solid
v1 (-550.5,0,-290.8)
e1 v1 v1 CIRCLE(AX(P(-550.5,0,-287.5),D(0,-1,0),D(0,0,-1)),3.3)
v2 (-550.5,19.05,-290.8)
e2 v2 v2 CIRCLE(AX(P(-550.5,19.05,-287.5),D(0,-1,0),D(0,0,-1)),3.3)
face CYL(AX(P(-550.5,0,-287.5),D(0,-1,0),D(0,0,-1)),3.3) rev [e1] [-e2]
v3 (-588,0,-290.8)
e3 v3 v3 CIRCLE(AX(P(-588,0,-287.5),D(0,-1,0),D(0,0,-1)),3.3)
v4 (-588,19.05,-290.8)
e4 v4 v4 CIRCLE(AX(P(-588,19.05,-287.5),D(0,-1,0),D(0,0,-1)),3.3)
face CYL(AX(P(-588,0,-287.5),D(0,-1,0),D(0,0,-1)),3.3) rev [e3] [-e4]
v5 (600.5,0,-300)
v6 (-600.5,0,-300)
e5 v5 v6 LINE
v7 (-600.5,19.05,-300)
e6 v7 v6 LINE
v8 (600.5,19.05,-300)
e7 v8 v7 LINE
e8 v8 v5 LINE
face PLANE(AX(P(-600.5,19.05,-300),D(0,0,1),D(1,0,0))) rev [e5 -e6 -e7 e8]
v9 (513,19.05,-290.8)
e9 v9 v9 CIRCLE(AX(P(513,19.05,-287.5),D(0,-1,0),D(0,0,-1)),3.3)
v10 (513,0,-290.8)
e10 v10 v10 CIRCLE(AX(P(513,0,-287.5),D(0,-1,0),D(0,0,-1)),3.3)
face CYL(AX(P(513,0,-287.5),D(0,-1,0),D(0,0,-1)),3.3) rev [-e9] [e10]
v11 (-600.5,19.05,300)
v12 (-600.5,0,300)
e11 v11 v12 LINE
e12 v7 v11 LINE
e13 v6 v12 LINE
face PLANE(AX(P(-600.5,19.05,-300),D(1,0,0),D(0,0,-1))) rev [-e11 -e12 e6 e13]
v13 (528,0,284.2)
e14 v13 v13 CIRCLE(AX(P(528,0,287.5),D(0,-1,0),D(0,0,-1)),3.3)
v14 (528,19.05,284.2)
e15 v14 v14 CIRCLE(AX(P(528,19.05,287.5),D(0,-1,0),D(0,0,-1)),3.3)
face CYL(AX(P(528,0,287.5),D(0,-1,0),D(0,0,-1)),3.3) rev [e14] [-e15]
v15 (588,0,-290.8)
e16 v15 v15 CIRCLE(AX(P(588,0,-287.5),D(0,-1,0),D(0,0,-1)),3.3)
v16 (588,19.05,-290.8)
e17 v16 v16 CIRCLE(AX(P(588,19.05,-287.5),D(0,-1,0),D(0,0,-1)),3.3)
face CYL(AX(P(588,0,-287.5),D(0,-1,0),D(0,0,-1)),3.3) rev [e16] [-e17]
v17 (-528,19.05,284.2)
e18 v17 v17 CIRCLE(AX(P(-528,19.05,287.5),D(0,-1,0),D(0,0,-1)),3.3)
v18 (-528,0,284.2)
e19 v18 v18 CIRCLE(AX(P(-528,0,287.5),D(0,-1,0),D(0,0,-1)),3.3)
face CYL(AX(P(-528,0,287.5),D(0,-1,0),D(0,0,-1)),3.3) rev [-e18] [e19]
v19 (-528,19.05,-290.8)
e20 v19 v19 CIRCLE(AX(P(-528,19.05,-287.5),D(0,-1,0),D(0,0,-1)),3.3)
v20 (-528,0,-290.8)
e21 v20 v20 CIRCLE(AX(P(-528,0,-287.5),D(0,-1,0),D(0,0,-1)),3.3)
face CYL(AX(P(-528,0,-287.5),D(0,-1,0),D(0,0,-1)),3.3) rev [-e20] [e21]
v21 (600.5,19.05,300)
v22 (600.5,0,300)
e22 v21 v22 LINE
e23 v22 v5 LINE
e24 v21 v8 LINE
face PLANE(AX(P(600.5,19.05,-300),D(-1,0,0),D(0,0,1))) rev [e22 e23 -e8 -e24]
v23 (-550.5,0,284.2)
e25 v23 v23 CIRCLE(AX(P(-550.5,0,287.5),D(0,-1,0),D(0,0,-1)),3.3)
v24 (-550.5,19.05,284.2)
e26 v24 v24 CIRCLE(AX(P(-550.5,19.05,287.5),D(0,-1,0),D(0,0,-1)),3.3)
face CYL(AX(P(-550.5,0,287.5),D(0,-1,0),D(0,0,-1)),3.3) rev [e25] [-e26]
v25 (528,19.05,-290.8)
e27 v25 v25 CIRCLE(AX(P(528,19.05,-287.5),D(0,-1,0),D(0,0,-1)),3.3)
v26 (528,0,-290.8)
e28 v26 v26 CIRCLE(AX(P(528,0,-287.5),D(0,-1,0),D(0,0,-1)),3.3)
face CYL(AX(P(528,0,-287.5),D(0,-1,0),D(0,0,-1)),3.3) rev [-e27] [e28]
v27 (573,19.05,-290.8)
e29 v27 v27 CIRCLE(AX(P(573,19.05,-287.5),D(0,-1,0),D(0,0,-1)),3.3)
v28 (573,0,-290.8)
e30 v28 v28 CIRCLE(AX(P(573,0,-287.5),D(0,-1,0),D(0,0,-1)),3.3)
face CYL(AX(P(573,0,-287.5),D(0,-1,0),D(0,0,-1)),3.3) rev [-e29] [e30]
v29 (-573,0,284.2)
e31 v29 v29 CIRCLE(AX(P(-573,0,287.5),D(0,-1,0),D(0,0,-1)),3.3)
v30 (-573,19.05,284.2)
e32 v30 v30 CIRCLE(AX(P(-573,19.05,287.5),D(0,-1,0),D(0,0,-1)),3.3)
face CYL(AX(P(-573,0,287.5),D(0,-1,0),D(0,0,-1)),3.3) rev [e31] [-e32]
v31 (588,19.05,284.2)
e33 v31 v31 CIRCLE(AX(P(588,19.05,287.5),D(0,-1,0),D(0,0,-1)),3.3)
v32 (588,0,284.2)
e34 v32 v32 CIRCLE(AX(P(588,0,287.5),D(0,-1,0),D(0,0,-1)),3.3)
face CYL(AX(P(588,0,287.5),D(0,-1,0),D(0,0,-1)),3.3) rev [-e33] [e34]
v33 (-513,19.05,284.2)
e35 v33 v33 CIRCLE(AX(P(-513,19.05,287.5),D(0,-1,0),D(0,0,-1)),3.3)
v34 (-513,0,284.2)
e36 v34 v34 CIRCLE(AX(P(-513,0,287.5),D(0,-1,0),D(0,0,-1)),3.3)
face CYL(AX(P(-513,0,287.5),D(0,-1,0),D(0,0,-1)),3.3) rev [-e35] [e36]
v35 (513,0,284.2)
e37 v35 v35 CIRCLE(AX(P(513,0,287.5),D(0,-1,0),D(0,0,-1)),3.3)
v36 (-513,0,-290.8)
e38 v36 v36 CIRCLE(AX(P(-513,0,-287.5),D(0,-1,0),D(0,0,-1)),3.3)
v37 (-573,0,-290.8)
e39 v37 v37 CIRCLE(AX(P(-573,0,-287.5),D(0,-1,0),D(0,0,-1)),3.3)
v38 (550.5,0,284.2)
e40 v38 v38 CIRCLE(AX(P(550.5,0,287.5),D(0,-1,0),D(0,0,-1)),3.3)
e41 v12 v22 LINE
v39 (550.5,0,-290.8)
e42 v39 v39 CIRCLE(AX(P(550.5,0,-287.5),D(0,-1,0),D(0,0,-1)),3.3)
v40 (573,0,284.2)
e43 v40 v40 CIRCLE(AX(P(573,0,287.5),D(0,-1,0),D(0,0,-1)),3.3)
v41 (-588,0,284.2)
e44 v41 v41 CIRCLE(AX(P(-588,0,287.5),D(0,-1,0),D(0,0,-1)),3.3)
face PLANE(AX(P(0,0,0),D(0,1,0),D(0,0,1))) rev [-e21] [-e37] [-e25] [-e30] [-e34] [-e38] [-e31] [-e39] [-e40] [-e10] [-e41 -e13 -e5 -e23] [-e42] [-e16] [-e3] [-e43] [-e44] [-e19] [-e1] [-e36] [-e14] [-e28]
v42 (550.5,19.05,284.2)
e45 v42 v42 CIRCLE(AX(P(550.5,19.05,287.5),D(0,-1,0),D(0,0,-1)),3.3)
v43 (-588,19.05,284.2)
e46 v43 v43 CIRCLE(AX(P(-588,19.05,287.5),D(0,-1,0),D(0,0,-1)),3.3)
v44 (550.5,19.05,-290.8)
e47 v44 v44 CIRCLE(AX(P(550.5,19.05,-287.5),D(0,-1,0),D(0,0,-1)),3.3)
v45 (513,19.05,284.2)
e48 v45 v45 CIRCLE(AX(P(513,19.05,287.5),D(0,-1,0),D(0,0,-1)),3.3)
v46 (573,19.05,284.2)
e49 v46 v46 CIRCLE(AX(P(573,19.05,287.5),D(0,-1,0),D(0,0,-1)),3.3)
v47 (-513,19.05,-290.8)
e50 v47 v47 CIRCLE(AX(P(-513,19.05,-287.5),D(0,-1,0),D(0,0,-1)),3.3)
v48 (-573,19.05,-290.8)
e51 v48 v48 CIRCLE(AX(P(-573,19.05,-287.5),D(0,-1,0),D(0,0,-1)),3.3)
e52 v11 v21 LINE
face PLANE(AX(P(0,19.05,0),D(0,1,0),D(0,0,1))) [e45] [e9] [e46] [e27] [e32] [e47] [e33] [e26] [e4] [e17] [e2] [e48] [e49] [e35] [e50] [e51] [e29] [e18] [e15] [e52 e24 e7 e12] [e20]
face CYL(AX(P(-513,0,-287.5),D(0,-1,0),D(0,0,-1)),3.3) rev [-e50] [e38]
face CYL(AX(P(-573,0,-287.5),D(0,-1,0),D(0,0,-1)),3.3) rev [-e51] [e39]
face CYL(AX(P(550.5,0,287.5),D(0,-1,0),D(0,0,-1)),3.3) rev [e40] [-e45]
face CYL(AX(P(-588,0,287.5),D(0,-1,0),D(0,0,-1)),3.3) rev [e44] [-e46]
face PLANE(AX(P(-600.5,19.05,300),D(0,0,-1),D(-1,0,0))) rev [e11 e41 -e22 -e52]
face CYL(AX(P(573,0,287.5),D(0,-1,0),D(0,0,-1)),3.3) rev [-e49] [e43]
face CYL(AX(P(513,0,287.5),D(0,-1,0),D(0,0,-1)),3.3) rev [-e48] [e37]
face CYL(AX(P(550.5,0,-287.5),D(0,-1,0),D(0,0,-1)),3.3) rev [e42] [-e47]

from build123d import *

# Parameters (mm, degrees)
SKETCH1_W            = 1201
SKETCH1_H            = 600
BOSS_EXTRUDE1_DEPTH  = 19.05
M6_CLEARANCE_HOLE1_D = 6.6


with BuildPart() as part:
    # Sketch1 → Boss-Extrude1 (new body)
    with BuildSketch(Plane(origin=(0, 0, 0), x_dir=(1, 0, 0), z_dir=(0, 1, 0))):
        Rectangle(SKETCH1_W, SKETCH1_H)
    extrude(amount=BOSS_EXTRUDE1_DEPTH)

    # M6 Clearance Hole1 (through all)
    with Locations(Plane.XZ):
        with Locations((-588, 287.5), (-573, 287.5), (-550.5, 287.5), (-528, 287.5), (-513, 287.5), (-588, -287.5), (-573, -287.5), (-550.5, -287.5), (-528, -287.5), (-513, -287.5), (513, -287.5), (528, -287.5), (550.5, -287.5), (573, -287.5), (588, -287.5), (513, 287.5), (528, 287.5), (550.5, 287.5), (573, 287.5), (588, 287.5)):
            Hole(M6_CLEARANCE_HOLE1_D / 2)


solid = part.part
